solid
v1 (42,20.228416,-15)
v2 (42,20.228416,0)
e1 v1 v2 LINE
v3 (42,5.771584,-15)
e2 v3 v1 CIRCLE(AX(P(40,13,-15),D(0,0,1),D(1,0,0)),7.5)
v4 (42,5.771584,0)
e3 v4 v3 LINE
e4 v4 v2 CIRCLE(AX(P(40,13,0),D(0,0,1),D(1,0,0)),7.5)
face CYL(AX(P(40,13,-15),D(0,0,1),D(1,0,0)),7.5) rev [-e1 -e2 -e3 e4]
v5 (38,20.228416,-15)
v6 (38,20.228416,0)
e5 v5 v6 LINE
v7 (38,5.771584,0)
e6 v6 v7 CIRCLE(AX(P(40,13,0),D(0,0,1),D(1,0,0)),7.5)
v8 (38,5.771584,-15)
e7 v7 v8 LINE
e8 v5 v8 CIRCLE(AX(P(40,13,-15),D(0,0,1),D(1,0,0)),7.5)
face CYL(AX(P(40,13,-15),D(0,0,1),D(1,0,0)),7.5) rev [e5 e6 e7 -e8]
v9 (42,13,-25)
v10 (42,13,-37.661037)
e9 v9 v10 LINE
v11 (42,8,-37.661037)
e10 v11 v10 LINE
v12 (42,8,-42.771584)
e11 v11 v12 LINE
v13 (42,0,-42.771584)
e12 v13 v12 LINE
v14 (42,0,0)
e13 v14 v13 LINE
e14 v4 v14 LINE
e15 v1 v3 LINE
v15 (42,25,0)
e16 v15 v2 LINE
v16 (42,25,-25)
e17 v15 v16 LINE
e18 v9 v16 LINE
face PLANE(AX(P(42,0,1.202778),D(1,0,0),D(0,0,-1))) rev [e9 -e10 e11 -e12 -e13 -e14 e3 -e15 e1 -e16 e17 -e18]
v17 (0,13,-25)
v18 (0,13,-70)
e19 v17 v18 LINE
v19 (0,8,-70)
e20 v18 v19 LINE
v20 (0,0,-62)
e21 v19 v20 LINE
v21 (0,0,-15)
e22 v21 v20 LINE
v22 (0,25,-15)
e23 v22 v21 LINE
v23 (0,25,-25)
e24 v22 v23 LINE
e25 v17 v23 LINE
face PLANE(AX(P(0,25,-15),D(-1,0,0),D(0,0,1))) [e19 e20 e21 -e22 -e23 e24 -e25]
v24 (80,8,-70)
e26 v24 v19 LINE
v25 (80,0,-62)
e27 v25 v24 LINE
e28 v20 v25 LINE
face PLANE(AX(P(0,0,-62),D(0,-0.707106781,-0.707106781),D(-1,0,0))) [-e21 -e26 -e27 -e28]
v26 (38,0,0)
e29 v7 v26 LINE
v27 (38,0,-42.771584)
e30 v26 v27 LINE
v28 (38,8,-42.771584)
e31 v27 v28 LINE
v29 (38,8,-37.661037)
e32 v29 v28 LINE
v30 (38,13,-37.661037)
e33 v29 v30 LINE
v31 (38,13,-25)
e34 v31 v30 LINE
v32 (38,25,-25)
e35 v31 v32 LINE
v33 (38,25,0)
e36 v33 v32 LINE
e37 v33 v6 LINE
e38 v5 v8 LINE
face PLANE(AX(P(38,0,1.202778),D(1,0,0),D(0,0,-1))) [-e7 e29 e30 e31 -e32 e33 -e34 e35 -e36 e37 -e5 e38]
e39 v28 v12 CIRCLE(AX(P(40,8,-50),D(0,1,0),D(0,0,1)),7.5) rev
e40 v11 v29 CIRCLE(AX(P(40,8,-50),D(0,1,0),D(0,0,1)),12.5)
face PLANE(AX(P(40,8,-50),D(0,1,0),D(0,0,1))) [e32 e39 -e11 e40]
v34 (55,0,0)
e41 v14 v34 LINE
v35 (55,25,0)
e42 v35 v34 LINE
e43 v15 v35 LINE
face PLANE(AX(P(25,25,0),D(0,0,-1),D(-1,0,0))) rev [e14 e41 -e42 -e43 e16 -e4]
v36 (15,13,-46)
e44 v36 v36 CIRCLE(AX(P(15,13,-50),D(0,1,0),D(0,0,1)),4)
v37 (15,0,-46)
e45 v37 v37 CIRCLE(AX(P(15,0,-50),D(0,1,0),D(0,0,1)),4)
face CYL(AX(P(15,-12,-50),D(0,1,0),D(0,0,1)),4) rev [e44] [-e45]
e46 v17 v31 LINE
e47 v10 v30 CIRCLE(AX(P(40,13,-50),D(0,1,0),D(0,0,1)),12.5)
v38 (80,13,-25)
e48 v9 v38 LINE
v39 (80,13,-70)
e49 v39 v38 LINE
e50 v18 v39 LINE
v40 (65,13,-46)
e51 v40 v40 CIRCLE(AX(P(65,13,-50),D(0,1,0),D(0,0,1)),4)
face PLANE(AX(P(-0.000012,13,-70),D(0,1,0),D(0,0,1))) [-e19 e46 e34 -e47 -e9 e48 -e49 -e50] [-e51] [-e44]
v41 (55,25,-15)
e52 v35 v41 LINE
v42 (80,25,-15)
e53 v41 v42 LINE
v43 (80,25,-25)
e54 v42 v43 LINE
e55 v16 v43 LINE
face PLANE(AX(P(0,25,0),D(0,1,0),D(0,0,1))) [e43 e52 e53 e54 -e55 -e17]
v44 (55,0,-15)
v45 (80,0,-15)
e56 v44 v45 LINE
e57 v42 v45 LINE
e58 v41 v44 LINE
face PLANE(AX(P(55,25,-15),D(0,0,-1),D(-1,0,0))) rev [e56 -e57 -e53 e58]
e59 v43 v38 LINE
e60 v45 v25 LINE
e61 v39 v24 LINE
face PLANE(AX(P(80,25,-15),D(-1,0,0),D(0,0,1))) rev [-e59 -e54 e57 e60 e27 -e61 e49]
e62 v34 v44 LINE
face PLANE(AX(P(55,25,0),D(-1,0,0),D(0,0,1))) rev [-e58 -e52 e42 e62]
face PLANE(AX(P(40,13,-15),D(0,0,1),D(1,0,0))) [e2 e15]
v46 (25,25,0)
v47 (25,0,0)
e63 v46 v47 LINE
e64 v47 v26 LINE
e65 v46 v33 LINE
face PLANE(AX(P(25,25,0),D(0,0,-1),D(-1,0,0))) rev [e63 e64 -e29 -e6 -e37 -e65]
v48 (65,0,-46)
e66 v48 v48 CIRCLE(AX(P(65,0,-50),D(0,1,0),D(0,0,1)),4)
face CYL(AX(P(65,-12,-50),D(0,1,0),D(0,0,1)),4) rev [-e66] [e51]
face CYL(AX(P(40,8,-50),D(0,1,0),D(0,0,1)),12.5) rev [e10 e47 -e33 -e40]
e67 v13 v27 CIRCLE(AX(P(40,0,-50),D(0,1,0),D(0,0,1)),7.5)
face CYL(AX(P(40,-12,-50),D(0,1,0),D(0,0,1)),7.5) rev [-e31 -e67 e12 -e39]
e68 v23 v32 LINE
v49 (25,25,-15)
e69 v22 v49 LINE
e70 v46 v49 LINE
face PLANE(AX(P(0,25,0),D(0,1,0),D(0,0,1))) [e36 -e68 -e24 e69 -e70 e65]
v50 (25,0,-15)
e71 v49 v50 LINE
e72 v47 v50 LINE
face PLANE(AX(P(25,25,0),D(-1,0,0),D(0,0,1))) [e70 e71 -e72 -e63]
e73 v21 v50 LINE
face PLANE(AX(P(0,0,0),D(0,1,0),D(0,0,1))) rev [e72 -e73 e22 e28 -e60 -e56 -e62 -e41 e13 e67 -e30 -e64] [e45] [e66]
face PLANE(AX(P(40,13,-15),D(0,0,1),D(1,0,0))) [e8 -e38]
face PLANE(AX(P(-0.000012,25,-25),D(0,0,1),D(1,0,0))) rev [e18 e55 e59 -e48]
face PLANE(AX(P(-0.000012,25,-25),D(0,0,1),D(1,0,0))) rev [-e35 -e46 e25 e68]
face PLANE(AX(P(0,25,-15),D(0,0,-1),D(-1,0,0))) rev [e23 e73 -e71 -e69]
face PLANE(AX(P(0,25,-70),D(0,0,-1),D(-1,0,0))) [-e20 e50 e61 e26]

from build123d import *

# Parameters (mm, degrees)
BOSS_EXTRUDE1_DEPTH     = 25
CUT_EXTRUDE2_DEPTH      = 110.201648339
CUT_EXTRUDE2_DEPTH_BACK = 110.201648339
SKETCH2_W               = 45
SKETCH2_H               = 12
CHAMFER1_SIZE           = 8
SKETCH3_R               = 7.5
SKETCH3_R_2             = 4
CUT_EXTRUDE3_DEPTH      = 25
SKETCH4_R               = 12.5
CUT_EXTRUDE4_DEPTH      = 5
SKETCH5_W               = 4
SKETCH5_H               = 52.762109512
CUT_EXTRUDE5_DEPTH      = 110.201648339
SKETCH6_R               = 7.5
CUT_EXTRUDE6_DEPTH      = 15


with BuildPart() as part:
    # Sketch1 → Boss-Extrude1 (new body)
    with BuildSketch(Plane(origin=(0, 0, 0), x_dir=(1, 0, 0), z_dir=(0, 1, 0))):
        Polygon((25, 0), (55, 0), (55, 15), (80, 15), (80, 70), (0, 70), (0, 15), (25, 15), align=None)
    extrude(amount=BOSS_EXTRUDE1_DEPTH)

    # Sketch2 → Cut-Extrude2 (cut, two sides: drawn at the far end of the back side and taken through both)
    with BuildSketch(Plane(origin=(0, 0, 0), x_dir=(0, 0, -1), z_dir=(1, 0, 0)).offset(-CUT_EXTRUDE2_DEPTH_BACK)):
        with Locations((47.5, 19)):
            Rectangle(SKETCH2_W, SKETCH2_H)
    extrude(amount=CUT_EXTRUDE2_DEPTH + CUT_EXTRUDE2_DEPTH_BACK, mode=Mode.SUBTRACT)

    # Chamfer1
    chamfer1_edges = [part.edges().sort_by_distance(p)[0] for p in [
        (40, 0, -70),
    ]]
    chamfer(chamfer1_edges, length=CHAMFER1_SIZE)

    # Sketch3 → Cut-Extrude3 (cut)
    with BuildSketch(Plane(origin=(0, 13, 0), x_dir=(1, 0, 0), z_dir=(0, 1, 0))):
        with Locations(Location((40, 50, 0), (0, 0, 270))):
            Circle(SKETCH3_R)
        with Locations(Location((65, 50, 0), (0, 0, 270))):
            Circle(SKETCH3_R_2)
        with Locations(Location((15, 50, 0), (0, 0, 270))):
            Circle(SKETCH3_R_2)
    extrude(amount=-CUT_EXTRUDE3_DEPTH, mode=Mode.SUBTRACT)

    # Sketch4 → Cut-Extrude4 (cut)
    with BuildSketch(Plane(origin=(0, 13, 0), x_dir=(1, 0, 0), z_dir=(0, 1, 0))):
        with Locations(Location((40, 50, 0), (0, 0, 270))):
            Circle(SKETCH4_R)
    extrude(amount=-CUT_EXTRUDE4_DEPTH, mode=Mode.SUBTRACT)

    # Sketch5 → Cut-Extrude5 (cut, through all)
    with BuildSketch(Plane(origin=(0, 25, 0), x_dir=(1, 0, 0), z_dir=(0, 1, 0))):
        with Locations((40, 25.178276377)):
            Rectangle(SKETCH5_W, SKETCH5_H)
    extrude(amount=-CUT_EXTRUDE5_DEPTH, mode=Mode.SUBTRACT)

    # Sketch6 → Cut-Extrude6 (cut)
    with BuildSketch(Plane.XY):
        with Locations((40, 13)):
            Circle(SKETCH6_R)
    extrude(amount=-CUT_EXTRUDE6_DEPTH, mode=Mode.SUBTRACT)


solid = part.part
